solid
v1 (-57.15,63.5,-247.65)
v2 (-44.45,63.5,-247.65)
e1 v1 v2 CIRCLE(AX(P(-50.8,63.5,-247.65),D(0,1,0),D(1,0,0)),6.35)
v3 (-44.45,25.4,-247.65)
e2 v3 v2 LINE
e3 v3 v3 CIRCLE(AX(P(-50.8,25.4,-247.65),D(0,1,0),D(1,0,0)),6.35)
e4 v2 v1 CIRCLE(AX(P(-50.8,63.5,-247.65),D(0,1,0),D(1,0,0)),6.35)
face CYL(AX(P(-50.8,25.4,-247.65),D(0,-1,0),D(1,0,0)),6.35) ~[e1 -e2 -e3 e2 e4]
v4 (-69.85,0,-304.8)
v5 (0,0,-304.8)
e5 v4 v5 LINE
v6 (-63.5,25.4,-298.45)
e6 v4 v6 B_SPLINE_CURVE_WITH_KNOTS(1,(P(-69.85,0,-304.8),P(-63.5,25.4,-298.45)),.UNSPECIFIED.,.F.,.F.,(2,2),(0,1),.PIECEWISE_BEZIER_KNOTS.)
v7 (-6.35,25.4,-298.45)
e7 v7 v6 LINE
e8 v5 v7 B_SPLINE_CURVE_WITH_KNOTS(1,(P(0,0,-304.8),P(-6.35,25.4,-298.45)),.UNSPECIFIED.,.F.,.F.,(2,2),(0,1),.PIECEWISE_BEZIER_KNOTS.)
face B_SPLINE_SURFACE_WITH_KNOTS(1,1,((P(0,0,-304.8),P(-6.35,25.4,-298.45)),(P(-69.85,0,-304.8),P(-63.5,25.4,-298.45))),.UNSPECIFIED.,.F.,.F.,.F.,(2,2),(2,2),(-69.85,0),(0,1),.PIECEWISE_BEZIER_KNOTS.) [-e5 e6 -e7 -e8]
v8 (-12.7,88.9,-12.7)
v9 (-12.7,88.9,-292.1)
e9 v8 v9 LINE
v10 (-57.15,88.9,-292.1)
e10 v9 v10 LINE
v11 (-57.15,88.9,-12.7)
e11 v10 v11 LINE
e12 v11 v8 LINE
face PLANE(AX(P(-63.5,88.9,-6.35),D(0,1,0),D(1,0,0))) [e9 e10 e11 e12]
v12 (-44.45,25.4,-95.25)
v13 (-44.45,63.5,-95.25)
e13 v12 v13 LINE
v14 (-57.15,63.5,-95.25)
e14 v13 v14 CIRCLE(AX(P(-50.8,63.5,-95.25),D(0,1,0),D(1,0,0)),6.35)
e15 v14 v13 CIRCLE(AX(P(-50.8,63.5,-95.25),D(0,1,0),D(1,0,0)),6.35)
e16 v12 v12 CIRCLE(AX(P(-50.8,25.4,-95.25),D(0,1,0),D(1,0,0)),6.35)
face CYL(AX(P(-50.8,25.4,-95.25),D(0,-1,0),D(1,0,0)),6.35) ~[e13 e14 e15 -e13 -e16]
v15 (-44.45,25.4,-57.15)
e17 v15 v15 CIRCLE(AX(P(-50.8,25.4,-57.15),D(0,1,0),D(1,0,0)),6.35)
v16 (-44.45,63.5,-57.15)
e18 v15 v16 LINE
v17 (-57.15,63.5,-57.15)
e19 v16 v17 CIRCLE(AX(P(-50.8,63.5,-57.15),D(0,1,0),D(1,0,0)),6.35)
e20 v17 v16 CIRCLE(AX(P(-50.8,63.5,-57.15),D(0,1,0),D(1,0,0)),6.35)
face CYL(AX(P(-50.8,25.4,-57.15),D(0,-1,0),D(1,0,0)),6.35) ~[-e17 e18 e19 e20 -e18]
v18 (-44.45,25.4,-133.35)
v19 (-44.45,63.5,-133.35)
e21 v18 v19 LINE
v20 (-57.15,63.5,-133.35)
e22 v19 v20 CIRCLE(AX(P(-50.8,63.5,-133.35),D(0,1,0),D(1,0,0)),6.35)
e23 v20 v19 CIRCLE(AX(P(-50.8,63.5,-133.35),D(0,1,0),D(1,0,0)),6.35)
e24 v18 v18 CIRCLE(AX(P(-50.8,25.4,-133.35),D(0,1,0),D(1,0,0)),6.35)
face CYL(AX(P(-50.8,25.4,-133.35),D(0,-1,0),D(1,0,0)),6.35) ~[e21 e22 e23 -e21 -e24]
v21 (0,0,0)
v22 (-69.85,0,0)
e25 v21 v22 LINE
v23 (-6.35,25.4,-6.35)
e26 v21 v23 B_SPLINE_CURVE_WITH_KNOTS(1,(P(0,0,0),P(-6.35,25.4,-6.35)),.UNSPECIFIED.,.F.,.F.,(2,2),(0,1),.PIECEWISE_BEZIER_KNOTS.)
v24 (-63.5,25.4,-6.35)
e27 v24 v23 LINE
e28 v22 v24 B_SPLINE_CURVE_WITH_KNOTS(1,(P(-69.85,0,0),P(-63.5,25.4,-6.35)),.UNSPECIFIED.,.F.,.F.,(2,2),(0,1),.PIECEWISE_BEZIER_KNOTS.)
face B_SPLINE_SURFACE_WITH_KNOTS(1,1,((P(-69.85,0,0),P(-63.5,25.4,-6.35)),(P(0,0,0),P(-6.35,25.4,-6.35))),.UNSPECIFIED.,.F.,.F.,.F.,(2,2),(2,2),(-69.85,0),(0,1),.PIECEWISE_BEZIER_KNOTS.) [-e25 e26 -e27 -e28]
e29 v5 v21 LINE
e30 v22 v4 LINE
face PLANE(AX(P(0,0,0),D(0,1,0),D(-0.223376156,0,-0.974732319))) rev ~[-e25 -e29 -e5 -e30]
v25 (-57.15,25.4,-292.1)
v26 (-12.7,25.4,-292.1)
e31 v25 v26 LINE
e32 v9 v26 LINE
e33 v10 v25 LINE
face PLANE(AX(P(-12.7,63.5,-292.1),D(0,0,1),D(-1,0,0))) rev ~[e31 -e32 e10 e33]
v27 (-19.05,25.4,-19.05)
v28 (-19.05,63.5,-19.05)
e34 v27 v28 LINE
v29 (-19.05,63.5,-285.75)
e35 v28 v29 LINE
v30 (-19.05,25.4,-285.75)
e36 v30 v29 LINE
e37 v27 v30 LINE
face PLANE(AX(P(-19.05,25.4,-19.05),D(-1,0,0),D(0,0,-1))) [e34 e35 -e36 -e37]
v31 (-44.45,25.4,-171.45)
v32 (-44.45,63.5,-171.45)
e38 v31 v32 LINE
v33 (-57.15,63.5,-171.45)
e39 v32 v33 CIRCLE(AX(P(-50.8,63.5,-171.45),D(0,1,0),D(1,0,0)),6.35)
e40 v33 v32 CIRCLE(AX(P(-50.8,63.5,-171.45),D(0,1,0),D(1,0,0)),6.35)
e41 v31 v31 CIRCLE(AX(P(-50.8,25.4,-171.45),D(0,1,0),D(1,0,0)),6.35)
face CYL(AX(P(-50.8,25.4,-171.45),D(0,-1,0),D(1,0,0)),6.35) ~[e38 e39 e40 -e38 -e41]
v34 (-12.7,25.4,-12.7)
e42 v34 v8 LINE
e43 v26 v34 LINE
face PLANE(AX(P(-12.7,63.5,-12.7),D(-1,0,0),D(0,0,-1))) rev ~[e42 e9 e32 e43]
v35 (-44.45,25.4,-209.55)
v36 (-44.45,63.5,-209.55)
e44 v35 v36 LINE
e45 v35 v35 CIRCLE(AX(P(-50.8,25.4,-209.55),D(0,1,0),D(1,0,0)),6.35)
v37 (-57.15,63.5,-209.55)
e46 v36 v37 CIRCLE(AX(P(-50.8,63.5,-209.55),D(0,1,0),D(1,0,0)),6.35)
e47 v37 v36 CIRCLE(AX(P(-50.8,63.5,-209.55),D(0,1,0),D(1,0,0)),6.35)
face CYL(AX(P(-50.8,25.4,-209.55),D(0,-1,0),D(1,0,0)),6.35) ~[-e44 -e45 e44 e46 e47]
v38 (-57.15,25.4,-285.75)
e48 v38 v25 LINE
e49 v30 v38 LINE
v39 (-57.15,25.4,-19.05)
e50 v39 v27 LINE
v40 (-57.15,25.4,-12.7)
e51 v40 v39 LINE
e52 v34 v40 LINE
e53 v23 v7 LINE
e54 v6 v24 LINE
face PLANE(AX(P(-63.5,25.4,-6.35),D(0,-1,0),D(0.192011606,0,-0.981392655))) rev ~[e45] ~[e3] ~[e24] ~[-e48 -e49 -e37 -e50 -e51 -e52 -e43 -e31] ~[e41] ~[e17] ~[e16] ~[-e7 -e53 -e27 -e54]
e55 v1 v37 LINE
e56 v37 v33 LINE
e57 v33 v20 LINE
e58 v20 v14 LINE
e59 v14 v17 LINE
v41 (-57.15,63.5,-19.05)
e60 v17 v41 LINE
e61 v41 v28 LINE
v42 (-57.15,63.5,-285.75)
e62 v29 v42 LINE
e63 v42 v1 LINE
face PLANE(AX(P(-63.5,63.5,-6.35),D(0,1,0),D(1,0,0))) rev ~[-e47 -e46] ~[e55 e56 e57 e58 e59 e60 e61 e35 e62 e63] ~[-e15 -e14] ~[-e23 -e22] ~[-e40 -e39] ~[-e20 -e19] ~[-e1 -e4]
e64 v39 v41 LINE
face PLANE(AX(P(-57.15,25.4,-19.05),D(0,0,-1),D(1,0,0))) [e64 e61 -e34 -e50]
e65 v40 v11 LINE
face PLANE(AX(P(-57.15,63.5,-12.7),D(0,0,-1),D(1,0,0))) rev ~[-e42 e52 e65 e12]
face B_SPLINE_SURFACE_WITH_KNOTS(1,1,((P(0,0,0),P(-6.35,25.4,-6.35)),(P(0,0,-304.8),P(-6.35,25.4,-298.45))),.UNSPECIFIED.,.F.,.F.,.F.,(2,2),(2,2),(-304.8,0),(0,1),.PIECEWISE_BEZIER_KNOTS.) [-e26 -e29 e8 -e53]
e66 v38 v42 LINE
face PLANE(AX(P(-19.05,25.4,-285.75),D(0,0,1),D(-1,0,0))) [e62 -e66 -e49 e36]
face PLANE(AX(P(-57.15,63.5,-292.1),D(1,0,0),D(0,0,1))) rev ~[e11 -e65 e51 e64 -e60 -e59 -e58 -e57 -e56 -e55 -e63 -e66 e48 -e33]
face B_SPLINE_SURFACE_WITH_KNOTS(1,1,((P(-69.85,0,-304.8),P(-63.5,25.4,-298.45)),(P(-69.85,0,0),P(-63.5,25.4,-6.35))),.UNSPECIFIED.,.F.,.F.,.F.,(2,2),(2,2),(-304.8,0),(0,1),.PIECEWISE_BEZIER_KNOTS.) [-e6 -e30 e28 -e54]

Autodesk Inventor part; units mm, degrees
ref_plane "YZ Plane" through (0, 0, 0) normal (1, 0, 0) x (0, 1, 0)
ref_plane "XY Plane" through (0, 0, 0) normal (0, 0, 1) x (1, 0, 0)
sketch "Sketch1" plane through (0, 0, 0) normal (0, 1, 0) x (-1, 0, 0)
  line L0 (0, 0) -> (69.85, 0)
  line L1 (69.85, 0) -> (69.85, -304.8)
  line L2 (69.85, -304.8) -> (0, -304.8)
  line L3 (0, -304.8) -> (0, 0)
  dimension "d0" = 69.85
  dimension "d1" = 304.8
ref_plane "Work Plane1" through (0, 25.4, 0) normal (0, 1, 0) x (-1, 0, 0)
sketch "Sketch2" plane through (0, 25.4, 0) normal (0, 1, 0) x (-1, 0, 0)
  line L0 (0, 0) -> (69.85, 0) projected
  line L1 (69.85, 0) -> (69.85, -304.8) projected
  line L2 (69.85, -304.8) -> (0, -304.8) projected
  line L3 (0, -304.8) -> (0, 0) projected
  line L4 (63.5, -298.45) -> (63.5, -6.35)
  line L5 (63.5, -6.35) -> (6.35, -6.35)
  line L6 (6.35, -6.35) -> (6.35, -298.45)
  line L7 (6.35, -298.45) -> (63.5, -298.45)
  dimension "d3" = 6.35
loft "Loft1" add profiles "Sketch1", "Sketch2" contours all / L7 L6 L5 L4
sketch "Sketch3" plane through (-63.5, 25.4, -6.35) normal (0, 1, 0) x (1, 0, 0)
  line L0 (57.15, 0) -> (0, 0) projected
  line L1 (57.15, 292.1) -> (57.15, 0) projected
  line L2 (0, 292.1) -> (57.15, 292.1) projected
  line L3 (0, 0) -> (0, 292.1) projected
  line L4 (50.8, 6.35) -> (6.35, 6.35)
  line L5 (6.35, 285.75) -> (50.8, 285.75)
  line L6 (50.8, 285.75) -> (50.8, 6.35)
  line L7 (6.35, 12.7) -> (44.45, 12.7)
  line L8 (44.45, 12.7) -> (44.45, 279.4)
  line L9 (44.45, 279.4) -> (6.35, 279.4)
  line L10 (6.35, 6.35) -> (6.35, 12.7)
  line L11 (6.35, 279.4) -> (6.35, 285.75)
  circle A0 centre (12.7, 50.8) radius 6.35
  circle A1 centre (12.7, 88.9) radius 6.35
  circle A2 centre (12.7, 127) radius 6.35
  circle A3 centre (12.7, 165.1) radius 6.35
  circle A4 centre (12.7, 203.2) radius 6.35
  circle A5 centre (12.7, 241.3) radius 6.35
  point P0 (63.5, -6.35)
  dimension "d8" = 6.35
  dimension "d9" = 12.7
  dimension "d10" = 12.7
  dimension "d11" = 12.7
  dimension "d12" = 12.7
  dimension "d13" = 6.35
  dimension "d14" = 38.1
  dimension "d17" = 38.1
extrude "Extrusion1" add sketch "Sketch3" along normal blind 38.1 contours L4 L10 L7 L8 L9 L11 L5 L6 | A0 | A1 | A2 | A3 | A4 | A5
sketch "Sketch4" plane through (-63.5, 63.5, -6.35) normal (0, 1, 0) x (1, 0, 0)
  line L0 (6.35, 6.35) -> (50.8, 6.35)
  line L1 (50.8, 6.35) -> (50.8, 285.75)
  line L2 (50.8, 285.75) -> (6.35, 285.75)
  line L3 (6.35, 285.75) -> (6.35, 6.35)
  point P0 (63.5, -6.35)
extrude "Extrusion2" add sketch "Sketch4" along normal blind 25.4
properties part number "Side2"
